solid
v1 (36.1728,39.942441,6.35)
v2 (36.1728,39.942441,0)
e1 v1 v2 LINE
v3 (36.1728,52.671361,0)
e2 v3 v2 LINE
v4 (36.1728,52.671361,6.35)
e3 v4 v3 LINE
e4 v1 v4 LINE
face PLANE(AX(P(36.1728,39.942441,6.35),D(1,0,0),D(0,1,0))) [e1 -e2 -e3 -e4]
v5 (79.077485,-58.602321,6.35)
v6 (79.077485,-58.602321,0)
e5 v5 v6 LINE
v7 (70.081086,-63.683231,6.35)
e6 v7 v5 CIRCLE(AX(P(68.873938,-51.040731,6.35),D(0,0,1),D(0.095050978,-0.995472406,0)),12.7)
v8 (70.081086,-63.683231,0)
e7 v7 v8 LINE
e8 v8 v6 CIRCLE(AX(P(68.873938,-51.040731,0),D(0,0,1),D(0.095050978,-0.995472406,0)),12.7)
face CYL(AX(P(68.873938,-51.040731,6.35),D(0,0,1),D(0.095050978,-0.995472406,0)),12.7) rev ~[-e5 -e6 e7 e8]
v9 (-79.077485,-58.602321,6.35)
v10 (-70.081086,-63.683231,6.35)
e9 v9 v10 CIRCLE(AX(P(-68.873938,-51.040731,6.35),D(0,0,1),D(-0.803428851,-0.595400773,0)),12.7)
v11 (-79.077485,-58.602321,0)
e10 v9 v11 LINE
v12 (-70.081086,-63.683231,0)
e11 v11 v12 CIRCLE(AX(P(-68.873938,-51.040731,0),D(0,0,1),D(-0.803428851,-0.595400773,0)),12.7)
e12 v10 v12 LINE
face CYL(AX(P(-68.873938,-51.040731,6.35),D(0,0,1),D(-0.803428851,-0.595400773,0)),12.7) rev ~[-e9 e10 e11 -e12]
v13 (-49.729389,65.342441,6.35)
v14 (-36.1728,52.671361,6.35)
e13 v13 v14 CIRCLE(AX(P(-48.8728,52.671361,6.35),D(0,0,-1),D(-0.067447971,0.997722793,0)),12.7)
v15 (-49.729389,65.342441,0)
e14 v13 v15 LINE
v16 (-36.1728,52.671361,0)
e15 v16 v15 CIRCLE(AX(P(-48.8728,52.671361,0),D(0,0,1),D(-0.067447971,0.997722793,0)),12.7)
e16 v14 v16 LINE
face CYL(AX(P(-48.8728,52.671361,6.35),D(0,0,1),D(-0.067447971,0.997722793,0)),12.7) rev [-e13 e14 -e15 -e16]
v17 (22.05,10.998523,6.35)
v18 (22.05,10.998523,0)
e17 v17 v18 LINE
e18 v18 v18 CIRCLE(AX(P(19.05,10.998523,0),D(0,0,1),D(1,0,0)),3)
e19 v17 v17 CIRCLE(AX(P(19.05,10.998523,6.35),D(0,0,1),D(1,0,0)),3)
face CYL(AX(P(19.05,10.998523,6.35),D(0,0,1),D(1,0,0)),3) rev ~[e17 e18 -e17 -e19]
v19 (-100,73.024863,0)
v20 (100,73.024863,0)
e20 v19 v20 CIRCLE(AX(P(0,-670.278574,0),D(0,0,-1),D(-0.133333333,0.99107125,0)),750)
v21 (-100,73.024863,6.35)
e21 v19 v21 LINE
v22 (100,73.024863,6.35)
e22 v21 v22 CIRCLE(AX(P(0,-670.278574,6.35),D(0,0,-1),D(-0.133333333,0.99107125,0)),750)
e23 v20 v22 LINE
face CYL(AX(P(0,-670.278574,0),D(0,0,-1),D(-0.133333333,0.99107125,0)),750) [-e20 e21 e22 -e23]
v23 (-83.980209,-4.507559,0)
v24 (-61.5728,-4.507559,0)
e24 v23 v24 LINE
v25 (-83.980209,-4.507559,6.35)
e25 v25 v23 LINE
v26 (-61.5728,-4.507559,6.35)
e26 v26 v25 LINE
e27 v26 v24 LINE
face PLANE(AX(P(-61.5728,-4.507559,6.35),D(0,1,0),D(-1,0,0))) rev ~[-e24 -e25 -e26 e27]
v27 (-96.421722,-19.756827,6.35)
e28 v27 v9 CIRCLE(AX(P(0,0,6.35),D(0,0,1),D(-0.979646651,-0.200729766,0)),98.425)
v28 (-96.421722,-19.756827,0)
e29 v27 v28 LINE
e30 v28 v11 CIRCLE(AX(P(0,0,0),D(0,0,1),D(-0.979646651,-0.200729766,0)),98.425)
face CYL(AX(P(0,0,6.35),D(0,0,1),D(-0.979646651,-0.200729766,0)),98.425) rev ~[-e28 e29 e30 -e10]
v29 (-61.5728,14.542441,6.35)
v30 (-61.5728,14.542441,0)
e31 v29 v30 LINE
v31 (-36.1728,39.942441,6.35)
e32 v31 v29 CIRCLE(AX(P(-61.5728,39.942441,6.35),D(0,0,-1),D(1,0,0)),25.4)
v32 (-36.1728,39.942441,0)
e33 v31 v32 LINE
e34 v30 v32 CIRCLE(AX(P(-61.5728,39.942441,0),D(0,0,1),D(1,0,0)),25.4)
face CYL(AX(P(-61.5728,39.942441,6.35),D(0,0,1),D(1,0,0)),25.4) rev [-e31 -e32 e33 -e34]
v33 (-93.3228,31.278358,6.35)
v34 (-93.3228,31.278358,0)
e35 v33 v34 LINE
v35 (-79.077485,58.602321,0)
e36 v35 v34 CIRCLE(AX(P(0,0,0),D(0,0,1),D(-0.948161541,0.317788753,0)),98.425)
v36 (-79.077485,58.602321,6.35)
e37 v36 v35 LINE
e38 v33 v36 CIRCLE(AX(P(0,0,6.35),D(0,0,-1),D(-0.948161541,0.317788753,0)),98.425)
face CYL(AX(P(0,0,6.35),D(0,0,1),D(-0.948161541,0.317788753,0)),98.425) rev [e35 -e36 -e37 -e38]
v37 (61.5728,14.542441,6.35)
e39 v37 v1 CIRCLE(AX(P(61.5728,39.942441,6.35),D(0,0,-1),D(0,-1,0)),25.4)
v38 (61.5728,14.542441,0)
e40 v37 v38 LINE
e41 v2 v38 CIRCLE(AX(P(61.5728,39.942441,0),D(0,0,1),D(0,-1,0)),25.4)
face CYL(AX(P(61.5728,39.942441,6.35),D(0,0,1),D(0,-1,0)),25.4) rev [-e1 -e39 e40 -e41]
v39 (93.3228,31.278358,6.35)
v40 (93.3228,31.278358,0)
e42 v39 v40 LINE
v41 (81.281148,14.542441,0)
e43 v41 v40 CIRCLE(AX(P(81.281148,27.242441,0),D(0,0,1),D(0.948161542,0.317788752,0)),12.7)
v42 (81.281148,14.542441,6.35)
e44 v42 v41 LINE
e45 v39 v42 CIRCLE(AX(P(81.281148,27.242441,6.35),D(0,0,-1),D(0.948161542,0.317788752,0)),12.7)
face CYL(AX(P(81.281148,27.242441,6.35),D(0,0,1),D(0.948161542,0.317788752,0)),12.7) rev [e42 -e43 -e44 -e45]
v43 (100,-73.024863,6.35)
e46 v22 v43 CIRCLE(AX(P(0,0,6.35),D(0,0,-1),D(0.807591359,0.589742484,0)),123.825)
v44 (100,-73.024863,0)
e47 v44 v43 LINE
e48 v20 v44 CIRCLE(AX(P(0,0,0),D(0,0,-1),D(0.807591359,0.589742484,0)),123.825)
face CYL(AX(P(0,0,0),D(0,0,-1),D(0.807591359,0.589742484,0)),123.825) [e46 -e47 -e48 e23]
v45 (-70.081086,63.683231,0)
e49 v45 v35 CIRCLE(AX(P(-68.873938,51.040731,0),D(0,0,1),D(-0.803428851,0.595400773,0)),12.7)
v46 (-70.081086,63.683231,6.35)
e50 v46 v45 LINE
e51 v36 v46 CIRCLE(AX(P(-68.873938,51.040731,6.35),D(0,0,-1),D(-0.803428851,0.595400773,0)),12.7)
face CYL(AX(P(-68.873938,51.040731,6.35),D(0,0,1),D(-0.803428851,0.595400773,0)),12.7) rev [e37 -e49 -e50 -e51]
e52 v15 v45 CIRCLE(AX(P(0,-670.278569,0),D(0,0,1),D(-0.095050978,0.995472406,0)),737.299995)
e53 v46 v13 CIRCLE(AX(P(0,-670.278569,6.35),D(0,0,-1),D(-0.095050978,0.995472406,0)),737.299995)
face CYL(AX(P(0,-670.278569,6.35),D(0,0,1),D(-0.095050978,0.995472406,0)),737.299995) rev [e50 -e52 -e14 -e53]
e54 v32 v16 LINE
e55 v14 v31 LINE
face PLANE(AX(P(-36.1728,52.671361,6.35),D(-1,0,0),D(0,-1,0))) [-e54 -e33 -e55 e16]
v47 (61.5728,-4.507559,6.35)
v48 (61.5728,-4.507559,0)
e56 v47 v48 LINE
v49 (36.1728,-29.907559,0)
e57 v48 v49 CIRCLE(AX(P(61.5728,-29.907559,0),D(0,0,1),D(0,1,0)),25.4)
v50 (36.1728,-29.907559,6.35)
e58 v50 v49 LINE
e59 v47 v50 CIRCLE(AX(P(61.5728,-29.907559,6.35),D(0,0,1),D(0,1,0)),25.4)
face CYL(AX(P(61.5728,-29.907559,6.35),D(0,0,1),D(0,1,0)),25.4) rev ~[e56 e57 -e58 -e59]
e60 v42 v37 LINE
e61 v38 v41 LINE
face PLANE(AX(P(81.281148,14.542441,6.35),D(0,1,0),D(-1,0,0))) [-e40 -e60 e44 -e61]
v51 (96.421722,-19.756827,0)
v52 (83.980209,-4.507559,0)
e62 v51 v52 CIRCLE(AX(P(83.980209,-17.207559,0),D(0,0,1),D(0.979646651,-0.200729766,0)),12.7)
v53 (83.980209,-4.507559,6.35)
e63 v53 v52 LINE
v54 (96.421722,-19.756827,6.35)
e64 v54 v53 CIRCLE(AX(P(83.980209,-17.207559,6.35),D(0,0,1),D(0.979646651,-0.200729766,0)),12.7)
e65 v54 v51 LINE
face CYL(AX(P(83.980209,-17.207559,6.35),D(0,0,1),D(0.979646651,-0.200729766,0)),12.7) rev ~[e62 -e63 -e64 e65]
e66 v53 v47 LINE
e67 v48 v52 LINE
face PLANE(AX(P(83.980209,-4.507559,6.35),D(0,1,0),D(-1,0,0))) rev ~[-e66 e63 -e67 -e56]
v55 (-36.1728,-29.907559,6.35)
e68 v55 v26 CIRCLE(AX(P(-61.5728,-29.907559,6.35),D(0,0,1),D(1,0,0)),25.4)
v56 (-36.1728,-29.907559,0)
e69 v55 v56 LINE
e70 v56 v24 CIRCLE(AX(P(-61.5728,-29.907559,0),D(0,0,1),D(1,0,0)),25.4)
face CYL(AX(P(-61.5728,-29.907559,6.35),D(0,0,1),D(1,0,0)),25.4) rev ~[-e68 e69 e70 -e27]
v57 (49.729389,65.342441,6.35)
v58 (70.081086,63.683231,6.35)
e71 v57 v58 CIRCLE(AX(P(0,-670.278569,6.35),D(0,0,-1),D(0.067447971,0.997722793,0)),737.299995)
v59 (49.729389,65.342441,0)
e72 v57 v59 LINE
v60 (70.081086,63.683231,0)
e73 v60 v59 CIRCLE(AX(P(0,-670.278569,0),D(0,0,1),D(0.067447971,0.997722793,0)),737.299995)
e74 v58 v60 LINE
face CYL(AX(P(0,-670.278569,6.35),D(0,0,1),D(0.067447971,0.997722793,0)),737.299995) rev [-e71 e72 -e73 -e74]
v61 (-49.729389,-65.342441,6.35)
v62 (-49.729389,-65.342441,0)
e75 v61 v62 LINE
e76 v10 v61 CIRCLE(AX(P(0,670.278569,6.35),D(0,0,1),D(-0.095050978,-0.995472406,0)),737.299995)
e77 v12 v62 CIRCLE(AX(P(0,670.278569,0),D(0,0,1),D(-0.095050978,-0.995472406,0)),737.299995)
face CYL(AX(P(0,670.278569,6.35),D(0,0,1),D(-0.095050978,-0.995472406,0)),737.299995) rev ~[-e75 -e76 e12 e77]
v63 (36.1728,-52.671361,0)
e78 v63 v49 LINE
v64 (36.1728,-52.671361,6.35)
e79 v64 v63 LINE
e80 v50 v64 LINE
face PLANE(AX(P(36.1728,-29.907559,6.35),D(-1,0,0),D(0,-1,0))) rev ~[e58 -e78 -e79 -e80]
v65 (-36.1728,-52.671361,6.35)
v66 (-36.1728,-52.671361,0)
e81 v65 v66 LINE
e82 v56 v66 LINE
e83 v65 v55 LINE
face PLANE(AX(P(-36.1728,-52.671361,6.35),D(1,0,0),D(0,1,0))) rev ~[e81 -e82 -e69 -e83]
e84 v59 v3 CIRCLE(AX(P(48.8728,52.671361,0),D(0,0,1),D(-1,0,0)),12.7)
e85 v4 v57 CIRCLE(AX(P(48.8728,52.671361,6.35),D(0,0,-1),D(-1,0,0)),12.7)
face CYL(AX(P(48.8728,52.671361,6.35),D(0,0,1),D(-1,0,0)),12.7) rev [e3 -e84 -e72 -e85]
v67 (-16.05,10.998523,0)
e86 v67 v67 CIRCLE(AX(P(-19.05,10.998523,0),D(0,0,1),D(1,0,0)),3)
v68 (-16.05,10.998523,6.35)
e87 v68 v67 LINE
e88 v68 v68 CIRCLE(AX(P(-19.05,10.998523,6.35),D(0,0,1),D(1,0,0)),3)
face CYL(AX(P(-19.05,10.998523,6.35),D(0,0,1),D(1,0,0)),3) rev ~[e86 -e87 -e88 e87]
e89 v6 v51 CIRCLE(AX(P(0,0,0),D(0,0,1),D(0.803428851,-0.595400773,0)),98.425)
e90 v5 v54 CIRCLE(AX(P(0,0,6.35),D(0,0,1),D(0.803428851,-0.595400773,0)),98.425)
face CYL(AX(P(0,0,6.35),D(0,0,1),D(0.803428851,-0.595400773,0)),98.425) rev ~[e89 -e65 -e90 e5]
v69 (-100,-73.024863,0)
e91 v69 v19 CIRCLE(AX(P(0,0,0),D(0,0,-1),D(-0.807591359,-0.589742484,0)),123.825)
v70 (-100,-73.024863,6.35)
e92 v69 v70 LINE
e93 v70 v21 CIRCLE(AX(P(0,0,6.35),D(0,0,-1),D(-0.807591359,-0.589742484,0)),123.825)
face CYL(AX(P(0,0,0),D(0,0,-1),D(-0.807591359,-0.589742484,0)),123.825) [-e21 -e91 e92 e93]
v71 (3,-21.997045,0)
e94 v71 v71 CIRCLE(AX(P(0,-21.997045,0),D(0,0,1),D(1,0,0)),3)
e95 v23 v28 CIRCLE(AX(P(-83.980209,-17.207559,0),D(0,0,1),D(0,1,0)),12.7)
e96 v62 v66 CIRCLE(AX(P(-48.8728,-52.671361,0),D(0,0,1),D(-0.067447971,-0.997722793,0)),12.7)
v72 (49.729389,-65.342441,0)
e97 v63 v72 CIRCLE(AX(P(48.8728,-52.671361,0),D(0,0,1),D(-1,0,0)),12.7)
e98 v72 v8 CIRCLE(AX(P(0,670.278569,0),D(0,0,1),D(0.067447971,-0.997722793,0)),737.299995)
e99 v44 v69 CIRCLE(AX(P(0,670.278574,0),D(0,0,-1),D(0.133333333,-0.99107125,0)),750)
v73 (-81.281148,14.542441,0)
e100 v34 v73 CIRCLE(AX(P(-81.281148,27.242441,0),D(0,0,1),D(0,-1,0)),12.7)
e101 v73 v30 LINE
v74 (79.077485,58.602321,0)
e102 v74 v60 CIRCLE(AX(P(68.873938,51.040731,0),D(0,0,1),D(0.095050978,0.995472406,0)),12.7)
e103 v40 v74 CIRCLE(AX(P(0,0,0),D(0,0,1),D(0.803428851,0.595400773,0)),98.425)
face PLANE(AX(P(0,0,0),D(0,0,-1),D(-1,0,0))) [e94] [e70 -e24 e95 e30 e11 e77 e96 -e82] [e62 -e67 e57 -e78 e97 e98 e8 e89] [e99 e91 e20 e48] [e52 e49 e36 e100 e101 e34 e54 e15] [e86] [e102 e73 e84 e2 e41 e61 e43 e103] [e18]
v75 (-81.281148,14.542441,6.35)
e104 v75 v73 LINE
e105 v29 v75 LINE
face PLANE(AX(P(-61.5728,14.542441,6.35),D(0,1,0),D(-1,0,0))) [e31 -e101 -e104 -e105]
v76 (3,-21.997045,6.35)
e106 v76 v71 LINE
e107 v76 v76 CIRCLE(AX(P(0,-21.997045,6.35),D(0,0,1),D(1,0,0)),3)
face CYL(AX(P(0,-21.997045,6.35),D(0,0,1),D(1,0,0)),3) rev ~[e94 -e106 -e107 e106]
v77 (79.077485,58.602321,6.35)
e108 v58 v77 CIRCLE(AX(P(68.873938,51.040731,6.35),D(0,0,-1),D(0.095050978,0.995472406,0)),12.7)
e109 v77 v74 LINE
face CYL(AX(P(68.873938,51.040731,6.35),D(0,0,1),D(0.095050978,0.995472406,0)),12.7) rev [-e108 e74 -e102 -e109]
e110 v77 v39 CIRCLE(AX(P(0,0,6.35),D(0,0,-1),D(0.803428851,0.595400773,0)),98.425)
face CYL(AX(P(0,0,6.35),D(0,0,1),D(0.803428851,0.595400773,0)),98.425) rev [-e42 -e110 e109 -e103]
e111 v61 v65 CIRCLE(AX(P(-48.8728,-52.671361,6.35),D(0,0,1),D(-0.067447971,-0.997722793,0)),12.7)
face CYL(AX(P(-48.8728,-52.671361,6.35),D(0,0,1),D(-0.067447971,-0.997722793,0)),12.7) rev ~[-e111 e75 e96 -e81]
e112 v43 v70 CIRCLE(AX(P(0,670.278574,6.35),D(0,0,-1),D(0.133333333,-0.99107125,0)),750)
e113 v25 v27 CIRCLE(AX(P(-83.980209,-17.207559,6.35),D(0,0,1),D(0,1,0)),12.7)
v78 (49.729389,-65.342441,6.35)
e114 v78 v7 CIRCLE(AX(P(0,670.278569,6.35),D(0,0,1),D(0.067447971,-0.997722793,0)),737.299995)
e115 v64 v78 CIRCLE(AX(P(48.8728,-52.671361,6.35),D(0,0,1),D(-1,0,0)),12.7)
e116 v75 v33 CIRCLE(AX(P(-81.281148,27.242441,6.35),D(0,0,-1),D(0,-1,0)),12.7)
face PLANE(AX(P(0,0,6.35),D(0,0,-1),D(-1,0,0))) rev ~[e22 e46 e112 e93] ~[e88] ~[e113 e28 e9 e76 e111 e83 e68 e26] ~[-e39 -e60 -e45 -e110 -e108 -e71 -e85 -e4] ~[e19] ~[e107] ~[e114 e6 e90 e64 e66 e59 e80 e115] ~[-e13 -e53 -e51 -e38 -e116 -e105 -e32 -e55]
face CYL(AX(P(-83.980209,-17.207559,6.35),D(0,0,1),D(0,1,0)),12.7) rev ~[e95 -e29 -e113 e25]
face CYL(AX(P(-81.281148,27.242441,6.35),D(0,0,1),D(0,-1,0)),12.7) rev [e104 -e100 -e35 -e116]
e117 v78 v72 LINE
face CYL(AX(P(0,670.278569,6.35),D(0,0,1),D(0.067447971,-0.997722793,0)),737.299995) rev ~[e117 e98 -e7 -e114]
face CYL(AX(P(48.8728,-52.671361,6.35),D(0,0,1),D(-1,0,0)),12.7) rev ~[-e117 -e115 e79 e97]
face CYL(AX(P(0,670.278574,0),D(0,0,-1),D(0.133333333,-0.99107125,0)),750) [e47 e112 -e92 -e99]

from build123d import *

# Parameters (mm, degrees)
BOSS_EXTRUDE1_DEPTH = 6.35
CUT_EXTRUDE1_DEPTH  = 7.35
SKETCH4_R           = 3
CUT_EXTRUDE2_DEPTH  = 7.35


with BuildPart() as part:
    # Sketch2 → Boss-Extrude1 (new body)
    with BuildSketch(Plane.XY):
        with BuildLine():
            ThreePointArc((-100, 73.02486306), (0, 79.721425695), (100, 73.02486306))
            ThreePointArc((100, 73.02486306), (123.825, 0), (100, -73.02486306))
            ThreePointArc((100, -73.02486306), (0, -79.721425695), (-100, -73.02486306))
            ThreePointArc((-100, -73.02486306), (-123.825, 0), (-100, 73.02486306))
        make_face()
    extrude(amount=BOSS_EXTRUDE1_DEPTH)

    # Sketch3 → Cut-Extrude1 (cut, through all)
    with BuildSketch(Plane.XY.offset(6.35)):
        with BuildLine():
            Line((-61.572799723, 14.542440806), (-81.281148146, 14.542440806))
            ThreePointArc((-81.281148146, 14.542440806), (-91.5900314, 19.825101253), (-93.322799723, 31.278357963))
            ThreePointArc((-93.322799723, 31.278357963), (-87.27608067, 45.501278749), (-79.077484693, 58.602321112))
            ThreePointArc((-79.077484693, 58.602321112), (-75.119328128, 62.098990903), (-70.081085695, 63.683230851))
            ThreePointArc((-70.081085695, 63.683230851), (-59.910981492, 64.583293189), (-49.729388954, 65.342440806))
            ThreePointArc((-49.729388954, 65.342440806), (-40.200680121, 61.949526114), (-36.172799723, 52.671361338))
            Line((-36.172799723, 52.671361338), (-36.172799723, 39.942440806))
            ThreePointArc((-36.172799723, 39.942440806), (-43.612287481, 21.981928564), (-61.572799723, 14.542440806))
        make_face()
        with BuildLine():
            Line((36.172799723, -29.907559194), (36.172799723, -52.671361338))
            ThreePointArc((36.172799723, -52.671361338), (40.200680121, -61.949526114), (49.729388954, -65.342440806))
            ThreePointArc((49.729388954, -65.342440806), (59.910981492, -64.583293189), (70.081085695, -63.683230851))
            ThreePointArc((70.081085695, -63.683230851), (75.119328128, -62.098990903), (79.077484693, -58.602321112))
            ThreePointArc((79.077484693, -58.602321112), (89.8734441, -40.12785405), (96.421721635, -19.756827222))
            ThreePointArc((96.421721635, -19.756827222), (93.820577654, -9.179038283), (83.980209166, -4.507559194))
            Line((83.980209166, -4.507559194), (61.572799723, -4.507559194))
            ThreePointArc((61.572799723, -4.507559194), (43.612287481, -11.947046951), (36.172799723, -29.907559194))
        make_face()
        with BuildLine():
            Line((-61.572799723, -4.507559194), (-83.980209166, -4.507559194))
            ThreePointArc((-83.980209166, -4.507559194), (-93.820577654, -9.179038283), (-96.421721635, -19.756827222))
            ThreePointArc((-96.421721635, -19.756827222), (-89.8734441, -40.12785405), (-79.077484693, -58.602321112))
            ThreePointArc((-79.077484693, -58.602321112), (-75.119328128, -62.098990903), (-70.081085695, -63.683230851))
            ThreePointArc((-70.081085695, -63.683230851), (-59.910981492, -64.583293189), (-49.729388954, -65.342440806))
            ThreePointArc((-49.729388954, -65.342440806), (-40.200680121, -61.949526114), (-36.172799723, -52.671361338))
            Line((-36.172799723, -52.671361338), (-36.172799723, -29.907559194))
            ThreePointArc((-36.172799723, -29.907559194), (-43.612287481, -11.947046951), (-61.572799723, -4.507559194))
        make_face()
        with BuildLine():
            Line((36.172799723, 39.942440806), (36.172799723, 52.671361338))
            ThreePointArc((36.172799723, 52.671361338), (40.200680121, 61.949526114), (49.729388954, 65.342440806))
            ThreePointArc((49.729388954, 65.342440806), (59.910981492, 64.583293189), (70.081085695, 63.683230851))
            ThreePointArc((70.081085695, 63.683230851), (75.119328128, 62.098990903), (79.077484693, 58.602321112))
            ThreePointArc((79.077484693, 58.602321112), (87.27608067, 45.501278749), (93.322799723, 31.278357963))
            ThreePointArc((93.322799723, 31.278357963), (91.5900314, 19.825101253), (81.281148146, 14.542440806))
            Line((81.281148146, 14.542440806), (61.572799723, 14.542440806))
            ThreePointArc((61.572799723, 14.542440806), (43.612287481, 21.981928564), (36.172799723, 39.942440806))
        make_face()
    extrude(amount=-CUT_EXTRUDE1_DEPTH, mode=Mode.SUBTRACT)

    # Sketch4 → Cut-Extrude2 (cut, through all)
    with BuildSketch(Plane.XY.offset(6.35)):
        with Locations((-19.05, 10.998522628)):
            Circle(SKETCH4_R)
        with Locations((19.05, 10.998522628)):
            Circle(SKETCH4_R)
        with Locations((0, -21.997045256)):
            Circle(SKETCH4_R)
    extrude(amount=-CUT_EXTRUDE2_DEPTH, mode=Mode.SUBTRACT)


solid = part.part
